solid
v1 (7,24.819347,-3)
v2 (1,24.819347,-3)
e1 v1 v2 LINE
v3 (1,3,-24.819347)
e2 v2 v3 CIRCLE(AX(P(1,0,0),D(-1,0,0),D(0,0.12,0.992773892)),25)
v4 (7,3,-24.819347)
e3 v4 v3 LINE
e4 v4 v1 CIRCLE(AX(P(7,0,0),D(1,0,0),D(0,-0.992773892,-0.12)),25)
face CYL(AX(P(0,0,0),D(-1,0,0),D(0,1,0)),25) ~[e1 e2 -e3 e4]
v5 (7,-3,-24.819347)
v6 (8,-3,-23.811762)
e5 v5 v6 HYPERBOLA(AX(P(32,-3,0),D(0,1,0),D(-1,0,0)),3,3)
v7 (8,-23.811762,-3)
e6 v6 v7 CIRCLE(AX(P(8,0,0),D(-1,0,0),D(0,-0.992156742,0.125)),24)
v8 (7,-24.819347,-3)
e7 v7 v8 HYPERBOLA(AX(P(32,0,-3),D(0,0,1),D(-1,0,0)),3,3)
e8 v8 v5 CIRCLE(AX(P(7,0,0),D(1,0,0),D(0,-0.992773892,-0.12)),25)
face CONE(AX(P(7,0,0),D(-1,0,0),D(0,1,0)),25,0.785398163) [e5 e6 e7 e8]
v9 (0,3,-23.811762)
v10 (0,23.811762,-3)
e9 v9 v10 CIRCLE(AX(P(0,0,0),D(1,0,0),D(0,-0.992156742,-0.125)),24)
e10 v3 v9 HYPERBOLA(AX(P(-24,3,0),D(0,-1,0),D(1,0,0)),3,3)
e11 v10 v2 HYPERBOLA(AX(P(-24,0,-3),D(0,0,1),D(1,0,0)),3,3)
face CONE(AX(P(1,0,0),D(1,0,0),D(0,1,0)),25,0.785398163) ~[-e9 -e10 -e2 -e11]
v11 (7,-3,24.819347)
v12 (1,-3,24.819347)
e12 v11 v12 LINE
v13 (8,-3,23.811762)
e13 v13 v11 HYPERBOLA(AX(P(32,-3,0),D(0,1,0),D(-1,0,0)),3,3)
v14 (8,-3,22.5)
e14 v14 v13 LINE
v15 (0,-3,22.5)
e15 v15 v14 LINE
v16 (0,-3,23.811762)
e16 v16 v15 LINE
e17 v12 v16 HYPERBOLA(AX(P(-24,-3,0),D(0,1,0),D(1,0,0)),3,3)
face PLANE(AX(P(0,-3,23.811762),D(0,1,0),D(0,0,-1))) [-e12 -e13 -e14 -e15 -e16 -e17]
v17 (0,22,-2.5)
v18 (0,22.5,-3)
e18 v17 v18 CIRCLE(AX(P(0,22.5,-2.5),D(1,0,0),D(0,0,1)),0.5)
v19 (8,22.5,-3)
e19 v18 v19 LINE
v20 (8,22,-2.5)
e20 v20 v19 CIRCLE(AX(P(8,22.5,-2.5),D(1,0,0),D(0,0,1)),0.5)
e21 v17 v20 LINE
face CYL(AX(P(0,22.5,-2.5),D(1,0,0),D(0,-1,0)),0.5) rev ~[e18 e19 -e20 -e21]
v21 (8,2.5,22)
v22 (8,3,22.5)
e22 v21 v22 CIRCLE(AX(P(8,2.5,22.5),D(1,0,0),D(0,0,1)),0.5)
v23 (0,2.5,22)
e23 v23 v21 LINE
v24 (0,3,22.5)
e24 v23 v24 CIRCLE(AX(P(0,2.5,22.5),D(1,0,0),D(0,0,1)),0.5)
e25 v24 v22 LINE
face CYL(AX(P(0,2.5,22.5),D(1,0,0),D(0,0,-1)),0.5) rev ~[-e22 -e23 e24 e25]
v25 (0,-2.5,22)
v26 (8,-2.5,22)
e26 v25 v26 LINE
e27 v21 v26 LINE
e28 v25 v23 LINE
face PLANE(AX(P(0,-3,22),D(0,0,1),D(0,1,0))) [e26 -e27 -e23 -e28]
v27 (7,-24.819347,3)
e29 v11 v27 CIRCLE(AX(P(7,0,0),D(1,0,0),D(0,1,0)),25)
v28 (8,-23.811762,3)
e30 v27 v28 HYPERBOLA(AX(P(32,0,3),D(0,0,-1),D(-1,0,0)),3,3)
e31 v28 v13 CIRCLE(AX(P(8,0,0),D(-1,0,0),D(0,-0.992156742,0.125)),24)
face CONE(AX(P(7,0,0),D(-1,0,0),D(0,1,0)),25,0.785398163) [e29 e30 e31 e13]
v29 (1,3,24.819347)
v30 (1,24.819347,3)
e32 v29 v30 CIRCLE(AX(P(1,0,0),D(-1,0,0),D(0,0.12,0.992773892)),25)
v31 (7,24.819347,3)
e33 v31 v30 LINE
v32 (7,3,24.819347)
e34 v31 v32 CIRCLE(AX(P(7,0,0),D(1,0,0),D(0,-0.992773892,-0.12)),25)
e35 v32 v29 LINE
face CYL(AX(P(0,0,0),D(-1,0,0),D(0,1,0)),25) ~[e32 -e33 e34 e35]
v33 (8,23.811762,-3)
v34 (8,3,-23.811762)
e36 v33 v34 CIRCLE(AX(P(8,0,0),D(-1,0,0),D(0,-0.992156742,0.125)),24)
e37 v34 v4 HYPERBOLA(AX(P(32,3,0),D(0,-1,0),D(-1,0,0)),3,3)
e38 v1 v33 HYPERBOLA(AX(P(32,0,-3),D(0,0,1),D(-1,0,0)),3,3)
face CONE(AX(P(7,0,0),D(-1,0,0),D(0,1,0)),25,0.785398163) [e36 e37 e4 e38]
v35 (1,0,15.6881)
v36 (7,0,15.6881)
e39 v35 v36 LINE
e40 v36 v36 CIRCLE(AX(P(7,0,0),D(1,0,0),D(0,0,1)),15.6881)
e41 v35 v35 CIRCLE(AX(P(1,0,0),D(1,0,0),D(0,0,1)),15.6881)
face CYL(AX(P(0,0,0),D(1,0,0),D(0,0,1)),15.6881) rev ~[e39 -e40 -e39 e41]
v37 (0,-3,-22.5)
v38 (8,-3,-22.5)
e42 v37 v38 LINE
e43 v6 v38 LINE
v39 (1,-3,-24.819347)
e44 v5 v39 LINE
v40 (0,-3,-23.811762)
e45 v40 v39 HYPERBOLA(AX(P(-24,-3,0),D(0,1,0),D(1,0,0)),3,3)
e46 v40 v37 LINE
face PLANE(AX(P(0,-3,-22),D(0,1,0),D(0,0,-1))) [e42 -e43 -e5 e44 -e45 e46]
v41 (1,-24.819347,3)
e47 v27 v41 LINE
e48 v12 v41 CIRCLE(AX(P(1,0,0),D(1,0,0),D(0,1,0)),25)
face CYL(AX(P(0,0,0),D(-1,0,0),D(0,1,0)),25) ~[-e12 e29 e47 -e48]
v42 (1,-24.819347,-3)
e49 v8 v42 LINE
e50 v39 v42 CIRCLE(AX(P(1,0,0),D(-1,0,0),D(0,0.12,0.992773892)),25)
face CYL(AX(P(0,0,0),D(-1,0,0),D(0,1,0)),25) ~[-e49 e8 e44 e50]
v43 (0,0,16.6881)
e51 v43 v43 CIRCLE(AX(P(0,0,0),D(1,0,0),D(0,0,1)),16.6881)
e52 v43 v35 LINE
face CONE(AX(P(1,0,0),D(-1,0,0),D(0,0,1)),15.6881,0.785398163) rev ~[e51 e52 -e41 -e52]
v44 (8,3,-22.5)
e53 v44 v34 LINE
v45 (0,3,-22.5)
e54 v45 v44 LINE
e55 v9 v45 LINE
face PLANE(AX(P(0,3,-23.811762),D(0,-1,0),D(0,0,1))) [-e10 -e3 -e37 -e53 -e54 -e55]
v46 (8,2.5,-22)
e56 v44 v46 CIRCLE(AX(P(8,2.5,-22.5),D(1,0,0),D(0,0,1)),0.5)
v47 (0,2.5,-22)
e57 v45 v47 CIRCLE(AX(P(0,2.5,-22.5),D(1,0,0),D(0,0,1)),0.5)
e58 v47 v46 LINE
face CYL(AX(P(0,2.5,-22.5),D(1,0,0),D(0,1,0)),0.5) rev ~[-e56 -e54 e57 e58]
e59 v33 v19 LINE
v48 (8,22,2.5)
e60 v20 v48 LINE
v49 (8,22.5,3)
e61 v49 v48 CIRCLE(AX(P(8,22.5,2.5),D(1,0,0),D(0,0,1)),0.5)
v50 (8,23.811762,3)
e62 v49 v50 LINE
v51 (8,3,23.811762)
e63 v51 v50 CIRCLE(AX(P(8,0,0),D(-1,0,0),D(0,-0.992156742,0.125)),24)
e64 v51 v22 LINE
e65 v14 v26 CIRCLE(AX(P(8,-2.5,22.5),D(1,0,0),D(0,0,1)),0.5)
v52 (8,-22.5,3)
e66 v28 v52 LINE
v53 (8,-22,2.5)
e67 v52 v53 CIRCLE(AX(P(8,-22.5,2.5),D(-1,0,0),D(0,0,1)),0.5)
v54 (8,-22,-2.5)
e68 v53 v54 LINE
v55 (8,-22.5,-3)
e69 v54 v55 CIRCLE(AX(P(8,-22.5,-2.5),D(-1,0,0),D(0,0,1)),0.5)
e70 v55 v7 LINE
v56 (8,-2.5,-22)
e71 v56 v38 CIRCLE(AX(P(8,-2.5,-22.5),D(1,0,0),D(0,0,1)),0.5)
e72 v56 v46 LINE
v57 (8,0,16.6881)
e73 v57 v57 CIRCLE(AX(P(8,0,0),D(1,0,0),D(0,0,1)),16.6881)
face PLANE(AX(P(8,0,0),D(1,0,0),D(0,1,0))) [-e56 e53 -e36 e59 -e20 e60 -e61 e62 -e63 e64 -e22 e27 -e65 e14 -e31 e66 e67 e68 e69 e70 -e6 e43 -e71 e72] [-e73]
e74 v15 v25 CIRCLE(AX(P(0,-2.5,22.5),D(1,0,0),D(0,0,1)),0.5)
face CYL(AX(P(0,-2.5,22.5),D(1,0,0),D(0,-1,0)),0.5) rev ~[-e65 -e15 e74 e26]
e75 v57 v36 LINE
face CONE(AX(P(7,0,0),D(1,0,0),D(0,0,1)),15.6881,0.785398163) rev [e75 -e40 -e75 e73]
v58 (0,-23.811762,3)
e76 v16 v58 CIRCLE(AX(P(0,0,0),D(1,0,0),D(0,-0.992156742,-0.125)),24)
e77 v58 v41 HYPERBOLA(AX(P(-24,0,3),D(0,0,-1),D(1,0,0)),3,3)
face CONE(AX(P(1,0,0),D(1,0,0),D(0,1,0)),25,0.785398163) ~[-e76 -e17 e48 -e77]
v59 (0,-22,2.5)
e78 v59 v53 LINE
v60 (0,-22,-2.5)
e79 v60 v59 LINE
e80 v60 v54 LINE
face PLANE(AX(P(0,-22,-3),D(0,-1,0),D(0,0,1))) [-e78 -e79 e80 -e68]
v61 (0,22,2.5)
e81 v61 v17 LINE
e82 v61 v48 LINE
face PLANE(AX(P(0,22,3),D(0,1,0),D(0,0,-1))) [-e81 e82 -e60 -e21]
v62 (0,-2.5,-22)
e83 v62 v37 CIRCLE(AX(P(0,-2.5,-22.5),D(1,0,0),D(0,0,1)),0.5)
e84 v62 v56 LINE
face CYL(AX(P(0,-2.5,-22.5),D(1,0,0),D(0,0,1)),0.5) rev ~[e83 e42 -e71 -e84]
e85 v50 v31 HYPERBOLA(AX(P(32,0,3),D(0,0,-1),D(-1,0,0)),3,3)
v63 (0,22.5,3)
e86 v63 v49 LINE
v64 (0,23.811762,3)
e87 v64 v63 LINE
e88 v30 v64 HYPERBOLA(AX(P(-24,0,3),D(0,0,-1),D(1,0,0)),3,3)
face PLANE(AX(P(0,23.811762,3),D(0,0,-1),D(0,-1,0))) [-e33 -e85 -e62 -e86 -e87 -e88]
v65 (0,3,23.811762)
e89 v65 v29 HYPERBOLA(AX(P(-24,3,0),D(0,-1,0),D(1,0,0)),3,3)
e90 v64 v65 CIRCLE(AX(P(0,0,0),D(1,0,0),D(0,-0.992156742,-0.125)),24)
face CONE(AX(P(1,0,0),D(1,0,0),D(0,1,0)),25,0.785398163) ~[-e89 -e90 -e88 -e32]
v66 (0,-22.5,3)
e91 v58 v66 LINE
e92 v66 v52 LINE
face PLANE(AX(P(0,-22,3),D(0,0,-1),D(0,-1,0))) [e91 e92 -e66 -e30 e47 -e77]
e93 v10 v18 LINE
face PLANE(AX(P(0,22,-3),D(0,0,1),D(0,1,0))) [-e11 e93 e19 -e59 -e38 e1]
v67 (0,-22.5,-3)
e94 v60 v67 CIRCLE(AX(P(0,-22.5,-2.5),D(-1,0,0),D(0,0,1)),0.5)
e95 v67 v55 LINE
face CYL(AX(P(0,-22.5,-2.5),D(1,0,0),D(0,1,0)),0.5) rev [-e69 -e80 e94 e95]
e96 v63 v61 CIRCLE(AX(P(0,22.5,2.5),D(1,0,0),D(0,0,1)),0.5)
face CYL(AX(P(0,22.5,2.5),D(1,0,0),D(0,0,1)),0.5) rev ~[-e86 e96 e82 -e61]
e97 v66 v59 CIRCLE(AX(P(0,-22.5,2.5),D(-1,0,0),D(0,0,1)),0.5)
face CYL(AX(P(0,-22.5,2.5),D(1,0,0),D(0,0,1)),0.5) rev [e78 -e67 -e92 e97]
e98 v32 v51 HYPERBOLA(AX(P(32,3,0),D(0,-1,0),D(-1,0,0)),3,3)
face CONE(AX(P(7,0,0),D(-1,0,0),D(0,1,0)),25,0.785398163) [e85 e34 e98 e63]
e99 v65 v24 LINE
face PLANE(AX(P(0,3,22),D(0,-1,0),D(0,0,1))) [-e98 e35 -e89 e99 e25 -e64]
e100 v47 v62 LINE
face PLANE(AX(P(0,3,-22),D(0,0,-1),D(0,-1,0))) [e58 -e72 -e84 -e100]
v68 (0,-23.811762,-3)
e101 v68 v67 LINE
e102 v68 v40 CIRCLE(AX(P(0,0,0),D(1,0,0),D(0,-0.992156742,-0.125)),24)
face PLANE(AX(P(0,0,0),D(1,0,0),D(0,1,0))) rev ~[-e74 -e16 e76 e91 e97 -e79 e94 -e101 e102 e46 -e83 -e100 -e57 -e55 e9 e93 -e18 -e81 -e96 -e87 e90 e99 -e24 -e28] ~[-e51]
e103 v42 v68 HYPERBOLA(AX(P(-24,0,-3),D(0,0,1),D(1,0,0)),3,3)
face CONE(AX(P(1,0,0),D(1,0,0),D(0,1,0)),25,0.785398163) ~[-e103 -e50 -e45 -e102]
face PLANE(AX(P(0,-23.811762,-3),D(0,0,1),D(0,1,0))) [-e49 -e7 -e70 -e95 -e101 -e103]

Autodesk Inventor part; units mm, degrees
ref_plane "YZ Plane" through (0, 0, 0) normal (1, 0, 0) x (0, 1, 0)
ref_plane "XZ Plane" through (0, 0, 0) normal (0, 1, 0) x (-1, 0, 0)
ref_plane "XY Plane" through (0, 0, 0) normal (0, 0, 1) x (1, 0, 0)
sketch "Boceto1" plane through (0, 0, 0) normal (1, 0, 0) x (0, 1, 0)
  circle A0 centre (0, 0) radius 25
  dimension "d9" = 50
extrude "Extrusión1" add sketch "Boceto1" along normal blind 8
sketch "Boceto2" plane through (0, 0, 0) normal (-1, 0, 0) x (0, 0, 1)
  circle A0 centre (0, 0) radius 25 projected
hole "Agujero1" at (0, 0, 0) direction (1, 0, 0) diameter 31.3762 end through all thread size "M33x1.5" class "6H" standard "ISO Metric profile"
chamfer "Chaflán1" distance 1 angle 45 4 edges at (0, -25, 0) (8, -25, 0) (0, 0, -15.6881) (8, 0, -15.6881)
sketch "Boceto3" plane through (0, 0, 0) normal (-1, 0, 0) x (0, 0, 1)
  circle A0 centre (0, 0) radius 24 projected
  circle A1 centre (0, 0) radius 25 projected
  line L0 (3, -25) -> (-3, -25)
  line L1 (-3, -25) -> (-3, -22)
  line L2 (-3, -22) -> (3, -22)
  line L3 (3, -22) -> (3, -25)
  point P0 (0, -22)
  dimension "d13" = 6
  dimension "d14" = 3
extrude "Extrusión2" cut sketch "Boceto3" against normal through all contours L1 L2 L3 A0 | A0 L3 A1 L1 | A1 L0 L1 | L3 L0 A1 picked at (-0.3341, -22.6597) picked at (0, -24.3194)
fillet "Empalme1" radius 0.5 2 edges at (4, -22, -3) (4, -22, 3)
pattern_circular "Patrón circular1" count 4 over 360 about axis through (71.1618, 0, 0) along (-1, 0, 0) of "Extrusión2", "Empalme1"
properties part number "retenedor_plato"
